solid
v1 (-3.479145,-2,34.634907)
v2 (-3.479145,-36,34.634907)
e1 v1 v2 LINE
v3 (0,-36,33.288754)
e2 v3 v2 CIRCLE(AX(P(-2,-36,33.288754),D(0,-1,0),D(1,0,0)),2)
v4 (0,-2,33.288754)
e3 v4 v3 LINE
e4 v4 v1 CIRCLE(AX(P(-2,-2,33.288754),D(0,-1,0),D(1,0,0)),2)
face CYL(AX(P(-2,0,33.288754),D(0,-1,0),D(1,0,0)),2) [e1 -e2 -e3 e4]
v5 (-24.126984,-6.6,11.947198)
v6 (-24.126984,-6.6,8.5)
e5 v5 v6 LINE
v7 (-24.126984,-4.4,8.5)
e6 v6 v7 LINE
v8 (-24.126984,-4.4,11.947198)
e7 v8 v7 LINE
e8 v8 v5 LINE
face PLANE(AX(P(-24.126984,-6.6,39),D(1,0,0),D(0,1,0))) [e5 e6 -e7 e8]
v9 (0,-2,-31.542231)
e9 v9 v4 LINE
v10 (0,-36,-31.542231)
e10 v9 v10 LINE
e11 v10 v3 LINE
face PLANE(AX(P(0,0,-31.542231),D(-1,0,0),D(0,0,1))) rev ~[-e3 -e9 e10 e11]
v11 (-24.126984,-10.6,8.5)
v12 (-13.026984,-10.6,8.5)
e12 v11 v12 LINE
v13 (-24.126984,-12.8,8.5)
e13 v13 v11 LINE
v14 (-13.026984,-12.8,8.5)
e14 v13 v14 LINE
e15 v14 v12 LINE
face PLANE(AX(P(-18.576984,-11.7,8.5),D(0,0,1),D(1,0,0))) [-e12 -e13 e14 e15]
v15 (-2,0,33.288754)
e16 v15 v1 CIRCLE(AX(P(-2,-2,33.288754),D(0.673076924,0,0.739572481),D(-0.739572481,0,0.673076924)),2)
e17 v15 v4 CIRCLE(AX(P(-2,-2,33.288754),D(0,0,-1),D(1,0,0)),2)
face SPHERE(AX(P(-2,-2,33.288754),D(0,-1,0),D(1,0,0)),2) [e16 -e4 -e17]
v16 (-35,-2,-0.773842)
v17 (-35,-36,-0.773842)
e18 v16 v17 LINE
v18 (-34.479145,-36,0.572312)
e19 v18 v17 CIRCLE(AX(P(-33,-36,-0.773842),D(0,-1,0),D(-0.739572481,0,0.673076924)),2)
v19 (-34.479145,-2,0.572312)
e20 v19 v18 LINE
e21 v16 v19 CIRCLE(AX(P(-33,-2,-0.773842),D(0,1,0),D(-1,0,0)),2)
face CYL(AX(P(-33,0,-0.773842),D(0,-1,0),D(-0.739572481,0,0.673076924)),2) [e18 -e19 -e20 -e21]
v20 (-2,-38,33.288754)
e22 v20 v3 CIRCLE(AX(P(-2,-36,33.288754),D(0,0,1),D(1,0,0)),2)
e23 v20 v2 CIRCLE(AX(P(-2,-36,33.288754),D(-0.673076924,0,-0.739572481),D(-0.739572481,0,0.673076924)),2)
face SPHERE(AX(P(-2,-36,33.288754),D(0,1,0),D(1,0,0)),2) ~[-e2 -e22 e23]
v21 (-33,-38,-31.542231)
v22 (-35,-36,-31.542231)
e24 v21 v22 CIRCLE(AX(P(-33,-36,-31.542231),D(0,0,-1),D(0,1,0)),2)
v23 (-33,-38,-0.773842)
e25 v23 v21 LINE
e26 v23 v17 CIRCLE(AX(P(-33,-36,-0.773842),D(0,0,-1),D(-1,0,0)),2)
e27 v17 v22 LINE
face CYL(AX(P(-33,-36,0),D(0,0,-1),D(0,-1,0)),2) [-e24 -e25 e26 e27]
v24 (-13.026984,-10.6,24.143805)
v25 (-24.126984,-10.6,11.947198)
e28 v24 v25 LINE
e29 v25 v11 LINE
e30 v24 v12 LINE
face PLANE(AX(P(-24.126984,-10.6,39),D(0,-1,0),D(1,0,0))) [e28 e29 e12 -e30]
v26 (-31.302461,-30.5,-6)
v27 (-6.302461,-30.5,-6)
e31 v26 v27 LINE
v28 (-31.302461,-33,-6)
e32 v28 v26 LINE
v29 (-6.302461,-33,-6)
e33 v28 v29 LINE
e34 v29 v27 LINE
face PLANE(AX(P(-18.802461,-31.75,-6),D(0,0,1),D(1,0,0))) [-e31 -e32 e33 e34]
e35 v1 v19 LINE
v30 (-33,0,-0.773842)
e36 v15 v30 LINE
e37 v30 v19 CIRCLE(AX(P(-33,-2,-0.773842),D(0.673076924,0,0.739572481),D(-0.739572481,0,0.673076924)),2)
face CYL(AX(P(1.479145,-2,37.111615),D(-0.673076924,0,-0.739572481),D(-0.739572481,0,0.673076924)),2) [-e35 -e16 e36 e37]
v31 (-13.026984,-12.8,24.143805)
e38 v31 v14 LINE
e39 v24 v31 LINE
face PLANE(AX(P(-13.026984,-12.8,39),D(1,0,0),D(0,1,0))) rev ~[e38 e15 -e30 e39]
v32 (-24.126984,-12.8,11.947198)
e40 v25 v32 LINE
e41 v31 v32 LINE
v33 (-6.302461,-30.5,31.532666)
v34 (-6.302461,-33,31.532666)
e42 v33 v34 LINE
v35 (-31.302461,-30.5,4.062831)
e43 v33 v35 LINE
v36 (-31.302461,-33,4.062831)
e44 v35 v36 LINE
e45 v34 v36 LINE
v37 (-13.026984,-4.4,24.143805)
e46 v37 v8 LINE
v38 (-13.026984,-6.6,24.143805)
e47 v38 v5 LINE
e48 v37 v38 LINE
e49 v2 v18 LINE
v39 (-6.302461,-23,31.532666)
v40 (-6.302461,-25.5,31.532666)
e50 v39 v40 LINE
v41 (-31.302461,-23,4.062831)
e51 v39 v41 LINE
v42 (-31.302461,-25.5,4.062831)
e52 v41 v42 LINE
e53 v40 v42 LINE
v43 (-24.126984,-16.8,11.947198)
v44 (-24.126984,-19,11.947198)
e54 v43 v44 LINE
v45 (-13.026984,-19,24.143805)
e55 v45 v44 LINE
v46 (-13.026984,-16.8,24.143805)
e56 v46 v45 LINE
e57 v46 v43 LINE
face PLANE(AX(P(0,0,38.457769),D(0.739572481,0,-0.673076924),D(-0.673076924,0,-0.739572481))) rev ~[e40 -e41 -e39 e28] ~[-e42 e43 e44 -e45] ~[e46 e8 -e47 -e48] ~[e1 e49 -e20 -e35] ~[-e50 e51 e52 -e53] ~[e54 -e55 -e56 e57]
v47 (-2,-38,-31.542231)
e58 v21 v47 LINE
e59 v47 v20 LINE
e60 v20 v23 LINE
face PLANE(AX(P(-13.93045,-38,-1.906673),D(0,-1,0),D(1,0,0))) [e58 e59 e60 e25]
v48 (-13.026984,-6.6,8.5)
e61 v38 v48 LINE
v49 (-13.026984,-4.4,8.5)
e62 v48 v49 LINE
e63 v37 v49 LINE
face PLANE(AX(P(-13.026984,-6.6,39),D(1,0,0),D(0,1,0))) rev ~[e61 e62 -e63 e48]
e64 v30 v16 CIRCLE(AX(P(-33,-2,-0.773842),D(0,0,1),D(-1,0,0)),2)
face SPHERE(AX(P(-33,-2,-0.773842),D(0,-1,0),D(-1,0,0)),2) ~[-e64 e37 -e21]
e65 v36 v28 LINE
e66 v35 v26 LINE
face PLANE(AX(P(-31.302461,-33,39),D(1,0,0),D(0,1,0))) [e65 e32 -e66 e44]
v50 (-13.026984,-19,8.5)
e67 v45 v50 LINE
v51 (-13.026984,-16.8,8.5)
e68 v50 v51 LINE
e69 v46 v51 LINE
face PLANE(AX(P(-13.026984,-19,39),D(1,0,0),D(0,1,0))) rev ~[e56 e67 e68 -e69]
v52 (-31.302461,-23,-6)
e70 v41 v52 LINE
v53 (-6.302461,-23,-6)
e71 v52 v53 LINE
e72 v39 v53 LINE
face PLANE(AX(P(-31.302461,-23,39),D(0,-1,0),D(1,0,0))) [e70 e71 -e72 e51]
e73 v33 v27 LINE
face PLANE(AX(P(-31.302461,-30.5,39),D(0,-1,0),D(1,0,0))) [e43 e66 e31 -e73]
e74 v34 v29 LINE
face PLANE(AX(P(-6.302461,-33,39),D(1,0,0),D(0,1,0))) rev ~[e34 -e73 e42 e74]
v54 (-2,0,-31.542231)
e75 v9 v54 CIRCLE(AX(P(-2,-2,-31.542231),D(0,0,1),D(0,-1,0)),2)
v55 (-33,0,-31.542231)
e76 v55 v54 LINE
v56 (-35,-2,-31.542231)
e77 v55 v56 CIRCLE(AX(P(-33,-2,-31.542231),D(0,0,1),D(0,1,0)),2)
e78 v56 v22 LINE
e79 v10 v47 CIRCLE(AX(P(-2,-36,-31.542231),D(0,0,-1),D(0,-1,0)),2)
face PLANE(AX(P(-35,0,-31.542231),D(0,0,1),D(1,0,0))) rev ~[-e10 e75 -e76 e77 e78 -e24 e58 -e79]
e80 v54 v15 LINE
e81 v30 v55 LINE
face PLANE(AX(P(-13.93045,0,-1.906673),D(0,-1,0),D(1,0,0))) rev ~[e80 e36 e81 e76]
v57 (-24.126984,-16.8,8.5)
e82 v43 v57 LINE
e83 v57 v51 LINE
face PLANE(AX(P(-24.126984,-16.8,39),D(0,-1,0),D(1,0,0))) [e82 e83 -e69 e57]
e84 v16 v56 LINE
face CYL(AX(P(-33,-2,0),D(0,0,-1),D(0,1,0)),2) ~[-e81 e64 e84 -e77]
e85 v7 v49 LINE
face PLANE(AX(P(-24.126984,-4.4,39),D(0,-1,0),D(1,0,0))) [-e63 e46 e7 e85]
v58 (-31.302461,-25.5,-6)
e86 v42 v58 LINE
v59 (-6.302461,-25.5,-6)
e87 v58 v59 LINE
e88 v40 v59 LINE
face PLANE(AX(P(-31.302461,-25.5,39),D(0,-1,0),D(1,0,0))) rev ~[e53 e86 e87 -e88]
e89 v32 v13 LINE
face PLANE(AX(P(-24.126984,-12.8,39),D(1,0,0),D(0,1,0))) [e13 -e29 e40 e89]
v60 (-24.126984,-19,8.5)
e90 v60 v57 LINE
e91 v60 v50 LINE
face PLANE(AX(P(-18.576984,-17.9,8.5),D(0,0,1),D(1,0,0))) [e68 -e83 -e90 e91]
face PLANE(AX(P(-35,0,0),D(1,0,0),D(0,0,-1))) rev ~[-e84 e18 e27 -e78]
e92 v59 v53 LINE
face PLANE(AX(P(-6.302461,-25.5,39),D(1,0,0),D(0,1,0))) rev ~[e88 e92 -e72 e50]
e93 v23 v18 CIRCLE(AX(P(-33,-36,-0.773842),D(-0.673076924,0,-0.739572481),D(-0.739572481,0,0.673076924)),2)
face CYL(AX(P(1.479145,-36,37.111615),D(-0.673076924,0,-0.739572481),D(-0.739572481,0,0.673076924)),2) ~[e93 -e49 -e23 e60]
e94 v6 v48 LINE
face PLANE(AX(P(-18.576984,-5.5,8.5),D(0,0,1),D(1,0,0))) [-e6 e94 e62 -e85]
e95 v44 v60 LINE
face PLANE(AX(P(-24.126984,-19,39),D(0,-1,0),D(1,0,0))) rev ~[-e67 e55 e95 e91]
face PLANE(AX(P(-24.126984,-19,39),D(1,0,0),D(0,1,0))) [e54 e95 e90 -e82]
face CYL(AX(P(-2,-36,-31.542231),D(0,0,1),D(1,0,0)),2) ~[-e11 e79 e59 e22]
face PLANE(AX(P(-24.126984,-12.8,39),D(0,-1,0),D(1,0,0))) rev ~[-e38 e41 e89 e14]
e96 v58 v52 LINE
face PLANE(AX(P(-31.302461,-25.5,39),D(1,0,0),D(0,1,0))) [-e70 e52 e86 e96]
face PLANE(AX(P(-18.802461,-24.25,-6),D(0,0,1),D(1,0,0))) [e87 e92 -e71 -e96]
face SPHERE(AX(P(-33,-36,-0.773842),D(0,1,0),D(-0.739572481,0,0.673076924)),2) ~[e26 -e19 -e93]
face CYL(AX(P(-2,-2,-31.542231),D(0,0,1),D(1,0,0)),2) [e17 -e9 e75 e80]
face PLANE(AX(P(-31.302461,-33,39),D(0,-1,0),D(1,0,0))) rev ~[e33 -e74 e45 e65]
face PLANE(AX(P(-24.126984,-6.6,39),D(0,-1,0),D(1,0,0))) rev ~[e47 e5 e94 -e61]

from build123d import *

# Parameters (mm, degrees)
F1_DEPTH = 38
F3_W     = 25
F3_H     = 2.5
F4_DEPTH = 45
F3_W_2   = 11.1
F3_H_2   = 2.2
F5_DEPTH = 30.5
F6_R     = 2


with BuildPart() as f1:
    # F0 (on Front) → F1 (new body)
    with BuildSketch(Plane.XZ):
        Polygon((0, -31.542231), (0, 38.457769), (-35, 0), (-35, -31.542231), align=None)
    extrude(amount=F1_DEPTH)

    # F3 (on offset) → F4 (cut)
    with BuildSketch(Plane.XY.offset(39)):
        with Locations((-18.802461, -31.75)):
            Rectangle(F3_W, F3_H)
        with Locations((-18.802461, -24.25)):
            Rectangle(F3_W, F3_H)
    extrude(amount=-F4_DEPTH, mode=Mode.SUBTRACT)

    # F3 (on offset) → F5 (cut)
    with BuildSketch(Plane.XY.offset(39)):
        with Locations((-18.576984, -11.7)):
            Rectangle(F3_W_2, F3_H_2)
        with Locations((-18.576984, -17.9)):
            Rectangle(F3_W_2, F3_H_2)
        with Locations((-18.576984, -5.5)):
            Rectangle(F3_W_2, F3_H_2)
    extrude(amount=-F5_DEPTH, mode=Mode.SUBTRACT)

    # F6
    f6_edges = [f1.edges().sort_by_distance(p)[0] for p in [
        (-17.5, 0, 19.228885),
        (-35, -19, 0),
        (-17.5, -38, 19.228885),
        (0, -19, 38.457769),
        (0, 0, 3.457769),
        (0, -38, 3.457769),
        (-35, 0, -15.771115),
        (-35, -38, -15.771115),
    ]]
    fillet(f6_edges, radius=F6_R)


solid = f1.part
